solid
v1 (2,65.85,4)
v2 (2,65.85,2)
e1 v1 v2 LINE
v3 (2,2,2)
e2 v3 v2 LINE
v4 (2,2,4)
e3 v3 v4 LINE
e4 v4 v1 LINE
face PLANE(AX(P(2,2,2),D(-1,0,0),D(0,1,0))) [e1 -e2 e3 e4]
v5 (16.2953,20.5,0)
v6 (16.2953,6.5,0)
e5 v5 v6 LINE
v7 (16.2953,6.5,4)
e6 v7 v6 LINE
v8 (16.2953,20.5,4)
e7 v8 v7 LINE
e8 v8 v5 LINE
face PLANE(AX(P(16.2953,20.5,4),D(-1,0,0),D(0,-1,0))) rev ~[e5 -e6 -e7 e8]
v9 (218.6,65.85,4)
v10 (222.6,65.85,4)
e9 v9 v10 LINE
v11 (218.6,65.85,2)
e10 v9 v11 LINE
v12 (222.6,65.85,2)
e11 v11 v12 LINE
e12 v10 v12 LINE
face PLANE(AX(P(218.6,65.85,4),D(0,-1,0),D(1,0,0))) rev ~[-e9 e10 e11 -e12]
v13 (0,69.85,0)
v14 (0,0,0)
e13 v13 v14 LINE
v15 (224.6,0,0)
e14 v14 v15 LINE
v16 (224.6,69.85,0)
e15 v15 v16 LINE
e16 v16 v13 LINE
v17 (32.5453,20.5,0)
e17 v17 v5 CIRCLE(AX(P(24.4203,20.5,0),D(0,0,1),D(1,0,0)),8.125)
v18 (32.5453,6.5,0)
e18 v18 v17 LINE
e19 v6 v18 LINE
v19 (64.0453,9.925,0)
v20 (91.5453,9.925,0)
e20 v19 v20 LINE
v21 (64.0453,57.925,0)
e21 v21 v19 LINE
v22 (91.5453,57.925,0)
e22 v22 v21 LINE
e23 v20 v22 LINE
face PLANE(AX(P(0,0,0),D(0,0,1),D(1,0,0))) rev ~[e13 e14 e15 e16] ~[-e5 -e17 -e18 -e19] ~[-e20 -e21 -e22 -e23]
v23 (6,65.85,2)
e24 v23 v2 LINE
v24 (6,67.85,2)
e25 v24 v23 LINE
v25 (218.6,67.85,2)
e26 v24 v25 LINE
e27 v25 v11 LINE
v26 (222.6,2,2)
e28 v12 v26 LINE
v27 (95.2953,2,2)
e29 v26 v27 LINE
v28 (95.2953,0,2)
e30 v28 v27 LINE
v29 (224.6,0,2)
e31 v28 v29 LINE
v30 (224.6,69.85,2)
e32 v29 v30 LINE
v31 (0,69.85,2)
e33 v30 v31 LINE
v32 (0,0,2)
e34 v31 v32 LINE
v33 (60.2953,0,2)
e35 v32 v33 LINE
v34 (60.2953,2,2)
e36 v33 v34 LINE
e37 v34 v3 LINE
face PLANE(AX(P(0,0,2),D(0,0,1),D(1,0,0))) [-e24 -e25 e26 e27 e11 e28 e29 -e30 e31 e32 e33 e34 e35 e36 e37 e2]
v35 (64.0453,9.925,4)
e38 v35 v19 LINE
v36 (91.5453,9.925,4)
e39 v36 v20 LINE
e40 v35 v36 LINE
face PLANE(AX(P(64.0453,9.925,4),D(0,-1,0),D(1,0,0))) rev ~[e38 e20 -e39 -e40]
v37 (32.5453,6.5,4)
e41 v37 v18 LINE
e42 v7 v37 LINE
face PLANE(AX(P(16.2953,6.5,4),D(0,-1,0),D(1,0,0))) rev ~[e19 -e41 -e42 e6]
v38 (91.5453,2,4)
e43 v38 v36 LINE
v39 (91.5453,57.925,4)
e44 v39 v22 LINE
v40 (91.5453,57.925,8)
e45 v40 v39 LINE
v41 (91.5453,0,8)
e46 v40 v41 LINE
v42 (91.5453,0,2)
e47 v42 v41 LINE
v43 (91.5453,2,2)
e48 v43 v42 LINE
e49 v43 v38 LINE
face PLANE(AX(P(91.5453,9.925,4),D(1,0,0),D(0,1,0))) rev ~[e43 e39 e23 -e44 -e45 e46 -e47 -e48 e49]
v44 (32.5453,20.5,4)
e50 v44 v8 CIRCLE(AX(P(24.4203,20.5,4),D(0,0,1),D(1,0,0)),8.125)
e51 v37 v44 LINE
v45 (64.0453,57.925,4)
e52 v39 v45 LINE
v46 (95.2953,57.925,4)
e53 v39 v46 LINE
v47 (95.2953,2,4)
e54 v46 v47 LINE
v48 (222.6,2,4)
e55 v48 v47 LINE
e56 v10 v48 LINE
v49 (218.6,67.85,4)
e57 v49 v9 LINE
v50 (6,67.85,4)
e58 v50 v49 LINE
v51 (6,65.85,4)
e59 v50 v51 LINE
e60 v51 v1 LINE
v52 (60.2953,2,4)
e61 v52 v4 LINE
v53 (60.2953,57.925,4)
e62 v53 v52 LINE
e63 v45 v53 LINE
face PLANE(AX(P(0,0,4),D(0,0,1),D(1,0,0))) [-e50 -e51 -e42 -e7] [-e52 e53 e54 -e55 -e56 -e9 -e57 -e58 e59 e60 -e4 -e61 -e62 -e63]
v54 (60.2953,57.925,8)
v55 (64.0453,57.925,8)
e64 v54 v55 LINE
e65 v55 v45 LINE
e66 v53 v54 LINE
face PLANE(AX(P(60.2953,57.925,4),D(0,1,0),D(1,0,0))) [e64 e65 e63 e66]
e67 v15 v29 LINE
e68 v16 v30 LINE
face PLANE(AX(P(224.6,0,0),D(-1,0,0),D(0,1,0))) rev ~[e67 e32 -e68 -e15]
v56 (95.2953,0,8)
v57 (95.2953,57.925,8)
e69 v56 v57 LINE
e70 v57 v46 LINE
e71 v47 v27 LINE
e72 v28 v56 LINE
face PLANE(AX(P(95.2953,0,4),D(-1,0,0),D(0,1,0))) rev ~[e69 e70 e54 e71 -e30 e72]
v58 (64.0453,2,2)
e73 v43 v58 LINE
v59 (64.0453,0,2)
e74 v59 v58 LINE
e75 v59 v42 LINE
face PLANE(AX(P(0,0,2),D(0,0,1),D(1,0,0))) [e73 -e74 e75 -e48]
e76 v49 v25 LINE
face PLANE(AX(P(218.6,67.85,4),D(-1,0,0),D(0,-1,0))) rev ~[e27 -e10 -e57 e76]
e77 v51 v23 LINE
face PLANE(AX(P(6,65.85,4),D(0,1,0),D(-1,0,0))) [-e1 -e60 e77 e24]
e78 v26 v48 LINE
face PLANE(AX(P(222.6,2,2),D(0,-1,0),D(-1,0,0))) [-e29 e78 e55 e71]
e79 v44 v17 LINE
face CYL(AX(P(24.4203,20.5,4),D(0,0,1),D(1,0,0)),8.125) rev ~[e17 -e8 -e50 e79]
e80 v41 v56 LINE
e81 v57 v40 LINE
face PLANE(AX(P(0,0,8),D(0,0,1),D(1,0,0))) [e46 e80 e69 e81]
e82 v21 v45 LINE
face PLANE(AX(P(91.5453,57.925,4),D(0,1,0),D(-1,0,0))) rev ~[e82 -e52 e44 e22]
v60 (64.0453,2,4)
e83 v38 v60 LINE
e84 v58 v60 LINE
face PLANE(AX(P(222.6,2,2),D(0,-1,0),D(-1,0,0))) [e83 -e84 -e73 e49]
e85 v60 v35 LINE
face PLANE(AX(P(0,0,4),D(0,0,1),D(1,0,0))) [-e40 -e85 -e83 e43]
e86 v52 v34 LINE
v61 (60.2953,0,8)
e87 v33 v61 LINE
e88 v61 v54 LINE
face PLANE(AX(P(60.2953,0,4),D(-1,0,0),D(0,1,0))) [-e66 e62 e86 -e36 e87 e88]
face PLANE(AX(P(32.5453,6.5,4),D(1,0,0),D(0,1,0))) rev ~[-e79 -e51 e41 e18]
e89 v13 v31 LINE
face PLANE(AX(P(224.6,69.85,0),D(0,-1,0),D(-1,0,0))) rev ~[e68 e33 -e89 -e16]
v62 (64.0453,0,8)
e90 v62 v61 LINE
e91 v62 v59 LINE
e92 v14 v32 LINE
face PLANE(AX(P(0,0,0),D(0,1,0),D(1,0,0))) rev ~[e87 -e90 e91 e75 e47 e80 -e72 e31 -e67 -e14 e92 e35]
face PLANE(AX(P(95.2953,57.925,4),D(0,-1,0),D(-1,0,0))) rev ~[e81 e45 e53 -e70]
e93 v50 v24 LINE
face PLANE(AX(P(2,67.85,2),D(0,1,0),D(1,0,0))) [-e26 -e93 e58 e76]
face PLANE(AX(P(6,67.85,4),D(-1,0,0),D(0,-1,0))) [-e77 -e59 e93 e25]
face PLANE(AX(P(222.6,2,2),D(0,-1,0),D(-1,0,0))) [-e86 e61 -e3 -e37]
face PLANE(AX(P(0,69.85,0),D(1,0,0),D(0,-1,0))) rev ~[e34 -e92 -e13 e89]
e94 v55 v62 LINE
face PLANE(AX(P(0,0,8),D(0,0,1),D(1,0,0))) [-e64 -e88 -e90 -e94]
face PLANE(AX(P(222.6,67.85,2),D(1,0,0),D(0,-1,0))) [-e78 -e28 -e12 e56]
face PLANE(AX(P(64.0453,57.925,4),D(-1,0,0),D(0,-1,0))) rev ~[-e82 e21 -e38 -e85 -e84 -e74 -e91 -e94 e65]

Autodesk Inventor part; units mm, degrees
ref_plane "YZ Plane" through (0, 0, 0) normal (1, 0, 0) x (0, 1, 0)
ref_plane "XZ Plane" through (0, 0, 0) normal (0, 1, 0) x (-1, 0, 0)
ref_plane "XY Plane" through (0, 0, 0) normal (0, 0, 1) x (1, 0, 0)
sketch "Sketch1" plane through (0, 0, 0) normal (0, 0, 1) x (1, 0, 0)
  line L0 (0, 0) -> (224.6, 0)
  line L1 (224.6, 0) -> (224.6, 69.85)
  line L2 (224.6, 69.85) -> (0, 69.85)
  line L3 (0, 69.85) -> (0, 0)
  dimension "d0" = 224.6
  dimension "d1" = 69.85
extrude "Extrusion1" add sketch "Sketch1" along normal blind 2
sketch "Sketch2" plane through (0, 0, 2) normal (0, 0, 1) x (1, 0, 0)
  line L0 (224.6, 0) -> (224.6, 69.85) projected
  line L1 (224.6, 69.85) -> (0, 69.85) projected
  line L2 (0, 69.85) -> (0, 0) projected
  line L3 (0, 0) -> (224.6, 0) projected
  line L4 (2, 67.85) -> (222.6, 67.85)
  line L5 (222.6, 67.85) -> (222.6, 2)
  line L6 (222.6, 2) -> (2, 2)
  line L7 (2, 2) -> (2, 67.85)
  dimension "d4" = 2
extrude "Extrusion2" add sketch "Sketch2" along normal blind 2 contours L4 L5 L6 L7
sketch "Sketch3" plane through (0, 0, 4) normal (0, 0, 1) x (1, 0, 0)
  line L0 (2, 2) -> (222.6, 2) construction
  line L1 (222.6, 2) -> (222.6, 67.85) construction
  line L2 (222.6, 67.85) -> (2, 67.85) construction
  line L3 (2, 67.85) -> (2, 2) construction
  line L4 (2, 67.85) -> (6, 67.85)
  line L5 (6, 67.85) -> (6, 65.85)
  line L6 (6, 65.85) -> (2, 65.85)
  line L7 (2, 65.85) -> (2, 67.85)
  line L8 (222.6, 67.85) -> (218.6, 67.85)
  line L9 (218.6, 67.85) -> (218.6, 65.85)
  line L10 (218.6, 65.85) -> (222.6, 65.85)
  line L11 (222.6, 65.85) -> (222.6, 67.85)
  point P0 (0, 0)
  dimension "d7" = 4
  dimension "d8" = 2
  dimension "d9" = 4
  dimension "d10" = 2
extrude "Extrusion3" cut sketch "Sketch3" against normal blind 2
sketch "Sketch4" plane through (0, 0, 4) normal (0, 0, 1) x (1, 0, 0)
  line L0 (6, 67.85) -> (6, 65.85) construction
  line L1 (6, 65.85) -> (2, 65.85) construction
  line L2 (2, 65.85) -> (2, 2) construction
  line L3 (2, 2) -> (222.6, 2) construction
  line L4 (222.6, 2) -> (222.6, 65.85) construction
  line L5 (222.6, 65.85) -> (218.6, 65.85) construction
  line L6 (218.6, 65.85) -> (218.6, 67.85) construction
  line L7 (218.6, 67.85) -> (6, 67.85) construction
  line L8 (2, 2) -> (24.75, 2) construction
  line L9 (24.75, 2) -> (24.75, 13.5) construction
  line L10 (24.75, 13.5) -> (2, 13.5) construction
  line L11 (2, 13.5) -> (2, 2) construction
  line L12 (16.2953, 6.5) -> (32.5453, 6.5)
  line L13 (32.5453, 6.5) -> (32.5453, 20.5)
  line L14 (32.5453, 20.5) -> (16.2953, 20.5)
  line L15 (16.2953, 20.5) -> (16.2953, 6.5)
  line L16 (16.2953, 6.5) -> (32.5453, 20.5) construction
  line L17 (32.5453, 6.5) -> (16.2953, 20.5) construction
  point P0 (0, 0)
  point P1 (24.4203, 13.5)
  dimension "d13" = 22.75
  dimension "d14" = 11.5
  dimension "d15" = 16.25
  dimension "d16" = 14
extrude "Extrusion4" cut sketch "Sketch4" against normal up to surface (4 mm away)
sketch "Sketch5" plane through (0, 0, 4) normal (0, 0, 1) x (1, 0, 0)
  line L0 (32.5453, 20.5) -> (32.5453, 6.5) construction
  line L1 (32.5453, 6.5) -> (16.2953, 6.5) construction
  line L2 (16.2953, 6.5) -> (16.2953, 20.5) construction
  line L3 (16.2953, 20.5) -> (32.5453, 20.5) construction
  line L4 (6, 67.85) -> (6, 65.85) construction
  line L5 (6, 65.85) -> (2, 65.85) construction
  line L6 (2, 65.85) -> (2, 2) construction
  line L7 (2, 2) -> (222.6, 2) construction
  line L8 (222.6, 2) -> (222.6, 65.85) construction
  line L9 (222.6, 65.85) -> (218.6, 65.85) construction
  line L10 (218.6, 65.85) -> (218.6, 67.85) construction
  line L11 (218.6, 67.85) -> (6, 67.85) construction
  line L12 (32.5453, 20.5) -> (77.7953, 20.5) construction
  line L13 (64.0453, 9.925) -> (91.5453, 9.925)
  line L14 (91.5453, 9.925) -> (91.5453, 57.925)
  line L15 (91.5453, 57.925) -> (64.0453, 57.925)
  line L16 (64.0453, 57.925) -> (64.0453, 9.925)
  line L17 (64.0453, 9.925) -> (91.5453, 57.925) construction
  line L18 (91.5453, 9.925) -> (64.0453, 57.925) construction
  line L19 (77.7953, 20.5) -> (77.7953, 33.925) construction
  point P0 (0, 0)
  dimension "d19" = 45.25
  dimension "d20" = 27.5
  dimension "d21" = 48
extrude "Extrusion5" cut sketch "Sketch5" against normal up to surface (4 mm away)
sketch "Sketch6" plane through (0, 0, 4) normal (0, 0, 1) x (1, 0, 0)
  line L0 (91.5453, 57.925) -> (91.5453, 9.925) construction
  line L1 (91.5453, 9.925) -> (64.0453, 9.925) construction
  line L2 (64.0453, 9.925) -> (64.0453, 57.925) construction
  line L3 (64.0453, 57.925) -> (91.5453, 57.925) construction
  line L4 (32.5453, 20.5) -> (32.5453, 6.5) construction
  line L5 (32.5453, 6.5) -> (16.2953, 6.5) construction
  line L6 (16.2953, 6.5) -> (16.2953, 20.5) construction
  line L7 (16.2953, 20.5) -> (32.5453, 20.5) construction
  line L8 (6, 67.85) -> (6, 65.85) construction
  line L9 (6, 65.85) -> (2, 65.85) construction
  line L10 (2, 65.85) -> (2, 2) construction
  line L11 (2, 2) -> (222.6, 2) construction
  line L12 (222.6, 2) -> (222.6, 65.85) construction
  line L13 (222.6, 65.85) -> (218.6, 65.85) construction
  line L14 (218.6, 65.85) -> (218.6, 67.85) construction
  line L15 (218.6, 67.85) -> (6, 67.85) construction
  line L16 (0, 0) -> (224.6, 0) construction
  line L17 (64.0453, 0) -> (60.2953, 0) construction
  line L18 (60.2953, 0) -> (60.2953, 57.925) construction
  line L19 (60.2953, 57.925) -> (64.0453, 57.925) construction
  line L20 (64.0453, 57.925) -> (64.0453, 0) construction
  line L21 (91.5453, 57.925) -> (95.2953, 57.925) construction
  line L22 (95.2953, 57.925) -> (95.2953, 0) construction
  line L23 (95.2953, 0) -> (91.5453, 0) construction
  line L24 (91.5453, 0) -> (91.5453, 57.925) construction
  line L25 (60.2953, 57.925) -> (64.0453, 57.925)
  line L26 (64.0453, 57.925) -> (64.0453, 0)
  line L27 (64.0453, 0) -> (60.2953, 0)
  line L28 (60.2953, 0) -> (60.2953, 57.925)
  line L29 (91.5453, 0) -> (95.2953, 0)
  line L30 (95.2953, 0) -> (95.2953, 57.925)
  line L31 (95.2953, 57.925) -> (91.5453, 57.925)
  line L32 (91.5453, 57.925) -> (91.5453, 0)
  line L33 (64.0453, 9.925) -> (64.0453, 57.925) projected
  dimension "d24" = 3.75
  dimension "d25" = 3.75
extrude "Extrusion6" add sketch "Sketch6" along normal blind 4 and the other way blind 2
sketch "Sketch7" plane through (0, 0, 4) normal (0, 0, 1) x (1, 0, 0)
  line L0 (32.5453, 20.5) -> (32.5453, 6.5) construction
  line L1 (32.5453, 6.5) -> (16.2953, 6.5) construction
  line L2 (16.2953, 6.5) -> (16.2953, 20.5) construction
  line L3 (16.2953, 20.5) -> (32.5453, 20.5) construction
  line L4 (91.5453, 57.925) -> (95.2953, 57.925) construction
  line L5 (95.2953, 57.925) -> (95.2953, 2) construction
  line L6 (95.2953, 2) -> (222.6, 2) construction
  line L7 (222.6, 2) -> (222.6, 65.85) construction
  line L8 (222.6, 65.85) -> (218.6, 65.85) construction
  line L9 (218.6, 65.85) -> (218.6, 67.85) construction
  line L10 (218.6, 67.85) -> (6, 67.85) construction
  line L11 (6, 67.85) -> (6, 65.85) construction
  line L12 (6, 65.85) -> (2, 65.85) construction
  line L13 (2, 65.85) -> (2, 2) construction
  line L14 (2, 2) -> (60.2953, 2) construction
  line L15 (60.2953, 2) -> (60.2953, 57.925) construction
  line L16 (60.2953, 57.925) -> (64.0453, 57.925) construction
  line L17 (64.0453, 57.925) -> (91.5453, 57.925) construction
  line L18 (32.5453, 6.5) -> (32.5453, 20.5) projected
  line L19 (32.5453, 20.5) -> (16.2953, 20.5) projected
  arc A0 (32.5453, 20.5) -> (16.2953, 20.5) centre (24.4203, 20.5) ccw
  line L20 (64.0453, 9.925) -> (64.0453, 2) projected
  line L21 (64.0453, 2) -> (91.5453, 2) projected
  line L22 (91.5453, 2) -> (91.5453, 9.925) projected
  line L23 (91.5453, 9.925) -> (64.0453, 9.925) projected
  point P0 (0, 0)
  dimension "d30" = 8.125
extrude "Extrusion7" cut sketch "Sketch7" against normal up to surface (4 mm away) contours L19 A0
properties part number "back"
